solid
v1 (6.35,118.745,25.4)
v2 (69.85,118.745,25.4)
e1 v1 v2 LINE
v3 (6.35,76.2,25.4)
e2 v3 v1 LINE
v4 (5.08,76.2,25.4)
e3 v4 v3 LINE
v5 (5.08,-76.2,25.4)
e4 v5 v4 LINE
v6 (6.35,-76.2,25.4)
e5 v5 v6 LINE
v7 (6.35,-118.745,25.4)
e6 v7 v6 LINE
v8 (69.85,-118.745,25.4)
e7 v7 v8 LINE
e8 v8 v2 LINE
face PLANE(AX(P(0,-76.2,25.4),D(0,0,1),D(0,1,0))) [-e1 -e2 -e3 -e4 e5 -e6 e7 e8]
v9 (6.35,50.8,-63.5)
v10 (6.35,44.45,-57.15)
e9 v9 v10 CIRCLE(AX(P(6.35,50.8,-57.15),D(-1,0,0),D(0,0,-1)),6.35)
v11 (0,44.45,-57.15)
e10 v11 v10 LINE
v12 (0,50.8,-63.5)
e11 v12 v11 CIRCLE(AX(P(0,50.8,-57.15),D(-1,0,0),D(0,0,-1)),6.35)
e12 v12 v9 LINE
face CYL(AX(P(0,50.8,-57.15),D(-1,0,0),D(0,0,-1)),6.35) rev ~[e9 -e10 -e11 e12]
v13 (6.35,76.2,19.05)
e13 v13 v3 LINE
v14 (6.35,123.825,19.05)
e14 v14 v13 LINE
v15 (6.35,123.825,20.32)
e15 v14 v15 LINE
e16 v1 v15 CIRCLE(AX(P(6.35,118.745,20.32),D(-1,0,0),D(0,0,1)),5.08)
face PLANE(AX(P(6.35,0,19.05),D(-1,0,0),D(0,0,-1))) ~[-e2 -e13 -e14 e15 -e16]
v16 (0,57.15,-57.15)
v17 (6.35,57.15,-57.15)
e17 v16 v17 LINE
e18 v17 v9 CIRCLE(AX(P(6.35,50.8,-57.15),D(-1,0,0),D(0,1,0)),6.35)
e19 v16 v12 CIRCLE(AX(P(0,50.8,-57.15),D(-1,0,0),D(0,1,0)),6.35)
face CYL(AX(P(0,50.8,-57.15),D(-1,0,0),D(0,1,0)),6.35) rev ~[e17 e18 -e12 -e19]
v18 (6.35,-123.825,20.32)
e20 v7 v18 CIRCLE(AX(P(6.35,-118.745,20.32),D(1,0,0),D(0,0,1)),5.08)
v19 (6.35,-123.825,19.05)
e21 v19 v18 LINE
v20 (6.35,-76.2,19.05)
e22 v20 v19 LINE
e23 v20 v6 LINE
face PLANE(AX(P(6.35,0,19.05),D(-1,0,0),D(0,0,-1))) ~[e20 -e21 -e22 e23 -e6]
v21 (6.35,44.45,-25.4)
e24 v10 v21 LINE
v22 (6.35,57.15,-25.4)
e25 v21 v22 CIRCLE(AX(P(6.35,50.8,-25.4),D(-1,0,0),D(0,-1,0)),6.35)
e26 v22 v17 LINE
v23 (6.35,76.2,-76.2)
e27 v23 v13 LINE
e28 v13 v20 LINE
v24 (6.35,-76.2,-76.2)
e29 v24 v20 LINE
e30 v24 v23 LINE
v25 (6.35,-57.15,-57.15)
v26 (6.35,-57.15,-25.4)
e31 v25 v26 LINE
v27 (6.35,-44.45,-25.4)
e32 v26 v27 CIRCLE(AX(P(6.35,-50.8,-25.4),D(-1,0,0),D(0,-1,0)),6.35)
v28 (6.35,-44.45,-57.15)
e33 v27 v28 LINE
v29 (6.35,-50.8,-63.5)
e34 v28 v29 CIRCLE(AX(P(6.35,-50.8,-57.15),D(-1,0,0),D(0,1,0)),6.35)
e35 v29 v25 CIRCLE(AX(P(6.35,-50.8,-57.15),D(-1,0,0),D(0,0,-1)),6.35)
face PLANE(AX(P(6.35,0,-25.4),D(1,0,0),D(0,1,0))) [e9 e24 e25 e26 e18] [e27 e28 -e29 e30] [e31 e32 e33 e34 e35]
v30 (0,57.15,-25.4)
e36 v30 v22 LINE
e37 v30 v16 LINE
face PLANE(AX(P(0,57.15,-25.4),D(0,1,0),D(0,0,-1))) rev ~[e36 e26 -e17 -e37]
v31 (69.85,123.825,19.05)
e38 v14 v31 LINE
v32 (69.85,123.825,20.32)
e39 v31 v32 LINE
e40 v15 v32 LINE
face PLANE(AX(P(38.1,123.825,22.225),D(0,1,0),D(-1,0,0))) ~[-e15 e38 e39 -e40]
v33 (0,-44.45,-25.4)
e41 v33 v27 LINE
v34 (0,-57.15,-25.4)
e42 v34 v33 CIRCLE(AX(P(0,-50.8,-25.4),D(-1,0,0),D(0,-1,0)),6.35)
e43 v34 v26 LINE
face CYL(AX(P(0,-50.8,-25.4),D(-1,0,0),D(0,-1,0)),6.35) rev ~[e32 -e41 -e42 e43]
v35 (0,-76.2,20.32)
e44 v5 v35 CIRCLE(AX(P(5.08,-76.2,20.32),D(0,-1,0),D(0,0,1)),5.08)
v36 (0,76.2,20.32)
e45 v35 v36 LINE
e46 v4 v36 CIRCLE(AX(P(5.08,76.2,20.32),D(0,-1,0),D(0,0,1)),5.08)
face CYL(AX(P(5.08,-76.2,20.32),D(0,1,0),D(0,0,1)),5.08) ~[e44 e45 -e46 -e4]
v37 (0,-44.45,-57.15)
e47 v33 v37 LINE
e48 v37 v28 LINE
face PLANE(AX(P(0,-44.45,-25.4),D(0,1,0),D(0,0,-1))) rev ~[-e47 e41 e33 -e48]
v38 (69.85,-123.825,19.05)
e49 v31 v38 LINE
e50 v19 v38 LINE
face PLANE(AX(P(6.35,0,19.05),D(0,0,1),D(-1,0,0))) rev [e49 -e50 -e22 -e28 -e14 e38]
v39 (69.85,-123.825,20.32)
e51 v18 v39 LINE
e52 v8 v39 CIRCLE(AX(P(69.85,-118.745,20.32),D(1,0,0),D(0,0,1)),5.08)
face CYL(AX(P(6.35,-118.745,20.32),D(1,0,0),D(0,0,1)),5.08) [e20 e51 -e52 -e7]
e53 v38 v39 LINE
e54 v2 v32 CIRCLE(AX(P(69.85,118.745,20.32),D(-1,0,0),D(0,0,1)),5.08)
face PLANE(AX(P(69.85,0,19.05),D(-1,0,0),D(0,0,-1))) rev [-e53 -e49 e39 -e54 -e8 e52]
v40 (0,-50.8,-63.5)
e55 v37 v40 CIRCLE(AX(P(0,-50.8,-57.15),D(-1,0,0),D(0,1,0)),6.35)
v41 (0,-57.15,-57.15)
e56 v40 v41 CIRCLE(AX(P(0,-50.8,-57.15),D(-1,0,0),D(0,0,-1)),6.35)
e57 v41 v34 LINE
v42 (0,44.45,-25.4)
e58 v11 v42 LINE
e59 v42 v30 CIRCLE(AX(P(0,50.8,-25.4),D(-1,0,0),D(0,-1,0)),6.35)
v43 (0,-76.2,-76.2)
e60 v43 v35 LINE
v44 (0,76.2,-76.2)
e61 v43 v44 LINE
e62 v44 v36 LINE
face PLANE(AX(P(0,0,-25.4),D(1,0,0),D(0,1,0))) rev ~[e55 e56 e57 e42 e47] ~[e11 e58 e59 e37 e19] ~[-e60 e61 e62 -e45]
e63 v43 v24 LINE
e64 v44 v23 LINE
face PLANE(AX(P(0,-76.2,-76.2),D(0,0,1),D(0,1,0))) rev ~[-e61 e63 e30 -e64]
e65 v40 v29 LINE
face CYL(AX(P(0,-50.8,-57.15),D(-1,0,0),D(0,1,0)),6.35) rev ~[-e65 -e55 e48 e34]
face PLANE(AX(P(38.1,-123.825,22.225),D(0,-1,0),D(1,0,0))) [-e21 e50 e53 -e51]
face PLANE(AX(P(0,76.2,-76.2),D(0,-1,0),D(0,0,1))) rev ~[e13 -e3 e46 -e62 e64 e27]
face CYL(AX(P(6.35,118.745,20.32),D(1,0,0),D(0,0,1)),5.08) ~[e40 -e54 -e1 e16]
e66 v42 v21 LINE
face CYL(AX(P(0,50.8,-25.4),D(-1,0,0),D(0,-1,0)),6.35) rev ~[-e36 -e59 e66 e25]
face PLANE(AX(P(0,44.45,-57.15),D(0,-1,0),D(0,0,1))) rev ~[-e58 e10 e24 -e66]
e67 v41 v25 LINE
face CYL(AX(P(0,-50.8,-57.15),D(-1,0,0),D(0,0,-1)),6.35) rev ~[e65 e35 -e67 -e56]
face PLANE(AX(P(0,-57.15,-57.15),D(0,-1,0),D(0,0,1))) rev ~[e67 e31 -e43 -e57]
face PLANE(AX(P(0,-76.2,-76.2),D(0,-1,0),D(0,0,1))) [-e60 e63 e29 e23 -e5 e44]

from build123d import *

# Parameters (mm, degrees)
F6_W     = 63.5
F6_H     = 6.35
F0_DEPTH = 123.825
F3_W     = 152.4
F3_H     = 101.6
F4_DEPTH = 6.35
F5_R     = 5.08


with BuildPart() as f0:
    # F6 (on Front) → F0 (new body)
    with BuildSketch(Plane.XZ):
        with Locations((38.1, 22.225)):
            Rectangle(F6_W, F6_H)
    extrude(amount=F0_DEPTH)

    # F1: F0 across plane


with BuildPart() as f0_1:
    add(f0.part)
    add(f0.part.mirror(Plane.XZ))

    # F2: F0 across plane


with BuildPart() as f0_2:
    add(f0_1.part)
    add(f0_1.part.mirror(Plane.XZ))

    # F3 (on Right) → F4 (join)
    with BuildSketch(Plane.YZ):
        with Locations((0, -25.4)):
            Rectangle(F3_W, F3_H)
        with BuildLine():
            ThreePointArc((-50.8, -63.5), (-55.2901280605, -61.6401280605), (-57.15, -57.15))
            Line((-57.15, -57.15), (-57.15, -25.4))
            ThreePointArc((-57.15, -25.4), (-50.8, -19.05), (-44.45, -25.4))
            Line((-44.45, -25.4), (-44.45, -57.15))
            ThreePointArc((-44.45, -57.15), (-46.3098719395, -61.6401280605), (-50.8, -63.5))
        make_face(mode=Mode.SUBTRACT)
        with BuildLine():
            ThreePointArc((50.8, -63.5), (46.3098719395, -61.6401280605), (44.45, -57.15))
            Line((44.45, -57.15), (44.45, -25.4))
            ThreePointArc((44.45, -25.4), (50.8, -19.05), (57.15, -25.4))
            Line((57.15, -25.4), (57.15, -57.15))
            ThreePointArc((57.15, -57.15), (55.2901280605, -61.6401280605), (50.8, -63.5))
        make_face(mode=Mode.SUBTRACT)
    extrude(amount=F4_DEPTH)

    # F5
    f5_edges = [f0_2.edges().sort_by_distance(p)[0] for p in [
        (0, 0, 25.4),
        (38.1, 123.825, 25.4),
        (38.1, -123.825, 25.4),
    ]]
    fillet(f5_edges, radius=F5_R)


solid = f0_2.part
